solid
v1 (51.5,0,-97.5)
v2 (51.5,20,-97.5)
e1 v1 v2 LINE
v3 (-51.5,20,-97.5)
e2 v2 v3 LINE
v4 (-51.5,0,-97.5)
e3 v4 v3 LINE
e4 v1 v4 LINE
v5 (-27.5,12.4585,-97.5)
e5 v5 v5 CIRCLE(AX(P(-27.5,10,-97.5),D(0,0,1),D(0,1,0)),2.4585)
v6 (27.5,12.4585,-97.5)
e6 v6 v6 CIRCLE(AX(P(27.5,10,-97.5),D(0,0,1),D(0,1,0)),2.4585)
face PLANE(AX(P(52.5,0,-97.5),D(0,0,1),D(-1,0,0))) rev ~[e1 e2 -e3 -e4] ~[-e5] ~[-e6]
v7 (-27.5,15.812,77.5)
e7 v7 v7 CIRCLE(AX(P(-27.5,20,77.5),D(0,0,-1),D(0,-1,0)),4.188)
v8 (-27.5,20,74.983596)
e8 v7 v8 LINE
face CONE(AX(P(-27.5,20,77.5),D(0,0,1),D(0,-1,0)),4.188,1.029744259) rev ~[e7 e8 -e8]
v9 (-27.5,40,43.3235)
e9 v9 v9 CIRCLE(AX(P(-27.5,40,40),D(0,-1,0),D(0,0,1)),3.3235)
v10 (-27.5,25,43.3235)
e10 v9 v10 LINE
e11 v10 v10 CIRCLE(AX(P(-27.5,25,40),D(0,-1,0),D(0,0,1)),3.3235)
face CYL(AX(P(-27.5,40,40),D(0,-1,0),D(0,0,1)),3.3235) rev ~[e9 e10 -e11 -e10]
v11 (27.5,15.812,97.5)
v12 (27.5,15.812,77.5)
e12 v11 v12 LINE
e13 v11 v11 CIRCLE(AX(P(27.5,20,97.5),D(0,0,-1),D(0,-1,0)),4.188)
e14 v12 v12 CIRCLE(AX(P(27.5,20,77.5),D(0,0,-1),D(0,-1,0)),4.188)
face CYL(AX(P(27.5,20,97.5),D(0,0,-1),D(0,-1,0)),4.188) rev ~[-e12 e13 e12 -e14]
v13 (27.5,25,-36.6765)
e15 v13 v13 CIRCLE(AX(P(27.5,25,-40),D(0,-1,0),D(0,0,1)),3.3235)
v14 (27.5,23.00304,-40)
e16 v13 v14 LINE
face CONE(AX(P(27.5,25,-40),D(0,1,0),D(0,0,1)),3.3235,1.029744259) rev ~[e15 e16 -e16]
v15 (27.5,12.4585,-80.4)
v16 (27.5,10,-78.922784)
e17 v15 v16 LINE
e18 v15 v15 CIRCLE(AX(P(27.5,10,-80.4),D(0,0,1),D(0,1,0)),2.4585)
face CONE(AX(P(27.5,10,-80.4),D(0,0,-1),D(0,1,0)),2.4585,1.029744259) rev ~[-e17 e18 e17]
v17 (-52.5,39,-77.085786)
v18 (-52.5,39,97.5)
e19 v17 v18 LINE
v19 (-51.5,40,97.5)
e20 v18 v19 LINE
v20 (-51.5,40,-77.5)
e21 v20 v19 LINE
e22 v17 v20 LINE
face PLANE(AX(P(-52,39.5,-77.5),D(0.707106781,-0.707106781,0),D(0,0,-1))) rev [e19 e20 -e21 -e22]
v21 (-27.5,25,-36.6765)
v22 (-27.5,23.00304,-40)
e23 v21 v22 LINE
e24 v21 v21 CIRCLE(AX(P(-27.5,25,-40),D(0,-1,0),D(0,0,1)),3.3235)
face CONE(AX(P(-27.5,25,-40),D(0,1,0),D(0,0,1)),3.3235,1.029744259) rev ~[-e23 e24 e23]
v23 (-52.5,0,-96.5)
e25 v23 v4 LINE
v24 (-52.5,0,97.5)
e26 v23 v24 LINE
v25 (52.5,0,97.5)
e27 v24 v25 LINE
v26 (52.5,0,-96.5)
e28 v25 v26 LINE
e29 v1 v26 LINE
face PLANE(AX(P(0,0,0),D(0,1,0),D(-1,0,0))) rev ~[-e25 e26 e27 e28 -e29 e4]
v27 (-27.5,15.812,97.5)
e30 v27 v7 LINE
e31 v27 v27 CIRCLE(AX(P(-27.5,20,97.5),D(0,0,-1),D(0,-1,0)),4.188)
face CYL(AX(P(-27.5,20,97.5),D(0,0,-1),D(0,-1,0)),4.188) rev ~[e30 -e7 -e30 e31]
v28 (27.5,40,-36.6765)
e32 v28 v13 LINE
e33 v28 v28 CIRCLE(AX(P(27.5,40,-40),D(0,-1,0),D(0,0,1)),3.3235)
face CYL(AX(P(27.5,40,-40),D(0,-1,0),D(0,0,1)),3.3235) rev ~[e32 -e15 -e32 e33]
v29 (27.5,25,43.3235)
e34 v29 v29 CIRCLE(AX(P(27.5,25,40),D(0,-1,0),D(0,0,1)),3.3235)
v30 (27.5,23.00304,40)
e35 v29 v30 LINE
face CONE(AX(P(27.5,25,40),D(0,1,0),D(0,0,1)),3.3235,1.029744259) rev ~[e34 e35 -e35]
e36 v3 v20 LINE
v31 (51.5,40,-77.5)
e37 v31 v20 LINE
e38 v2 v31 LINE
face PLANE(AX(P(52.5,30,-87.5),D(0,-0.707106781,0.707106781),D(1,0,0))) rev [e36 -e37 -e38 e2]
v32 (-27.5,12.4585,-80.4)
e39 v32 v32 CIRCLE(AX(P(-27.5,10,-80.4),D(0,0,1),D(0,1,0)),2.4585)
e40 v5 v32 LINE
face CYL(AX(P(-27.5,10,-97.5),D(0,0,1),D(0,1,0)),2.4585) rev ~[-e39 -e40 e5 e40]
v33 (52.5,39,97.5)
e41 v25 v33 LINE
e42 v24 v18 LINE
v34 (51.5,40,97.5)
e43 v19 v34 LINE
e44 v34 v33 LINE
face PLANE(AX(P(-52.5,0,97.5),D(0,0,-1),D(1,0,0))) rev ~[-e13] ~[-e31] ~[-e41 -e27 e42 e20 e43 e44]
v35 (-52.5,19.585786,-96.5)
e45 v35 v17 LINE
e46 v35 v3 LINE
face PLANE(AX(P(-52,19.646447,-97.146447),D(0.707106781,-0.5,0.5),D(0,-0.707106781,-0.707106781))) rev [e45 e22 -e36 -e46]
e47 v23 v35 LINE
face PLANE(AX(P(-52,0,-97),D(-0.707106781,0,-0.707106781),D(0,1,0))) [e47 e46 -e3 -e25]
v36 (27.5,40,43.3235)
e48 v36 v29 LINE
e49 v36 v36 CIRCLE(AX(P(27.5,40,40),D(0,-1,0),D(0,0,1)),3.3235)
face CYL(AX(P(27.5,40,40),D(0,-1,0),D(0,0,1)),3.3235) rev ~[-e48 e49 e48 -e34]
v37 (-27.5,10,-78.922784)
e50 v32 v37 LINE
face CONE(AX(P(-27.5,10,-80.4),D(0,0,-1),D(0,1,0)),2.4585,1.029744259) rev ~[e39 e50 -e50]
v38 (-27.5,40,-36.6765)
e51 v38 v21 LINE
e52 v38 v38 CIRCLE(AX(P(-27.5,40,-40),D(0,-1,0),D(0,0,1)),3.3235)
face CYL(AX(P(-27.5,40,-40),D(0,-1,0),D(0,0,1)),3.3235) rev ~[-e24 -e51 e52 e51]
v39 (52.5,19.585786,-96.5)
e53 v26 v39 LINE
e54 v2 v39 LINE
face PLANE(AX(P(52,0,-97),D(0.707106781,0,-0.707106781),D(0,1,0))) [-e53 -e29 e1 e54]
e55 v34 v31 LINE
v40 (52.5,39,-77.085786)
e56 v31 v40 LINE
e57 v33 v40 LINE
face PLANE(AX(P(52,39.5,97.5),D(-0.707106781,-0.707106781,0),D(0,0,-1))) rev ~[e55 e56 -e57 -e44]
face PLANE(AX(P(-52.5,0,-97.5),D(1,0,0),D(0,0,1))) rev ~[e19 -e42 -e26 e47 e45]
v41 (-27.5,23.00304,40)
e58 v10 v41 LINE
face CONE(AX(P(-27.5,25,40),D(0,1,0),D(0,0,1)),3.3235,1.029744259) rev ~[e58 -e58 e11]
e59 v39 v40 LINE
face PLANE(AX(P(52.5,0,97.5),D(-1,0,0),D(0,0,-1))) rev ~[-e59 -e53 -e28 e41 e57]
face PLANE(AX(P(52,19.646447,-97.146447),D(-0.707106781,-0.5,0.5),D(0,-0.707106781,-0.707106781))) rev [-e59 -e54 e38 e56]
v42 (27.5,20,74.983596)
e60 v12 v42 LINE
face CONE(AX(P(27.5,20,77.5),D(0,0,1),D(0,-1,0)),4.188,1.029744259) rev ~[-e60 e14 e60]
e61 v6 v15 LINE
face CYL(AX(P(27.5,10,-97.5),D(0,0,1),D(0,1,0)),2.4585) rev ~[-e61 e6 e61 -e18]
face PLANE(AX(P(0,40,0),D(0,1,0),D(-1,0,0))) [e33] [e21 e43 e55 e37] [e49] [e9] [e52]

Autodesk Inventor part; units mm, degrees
ref_plane "YZ Plane" through (0, 0, 0) normal (1, 0, 0) x (0, 1, 0)
ref_plane "XZ Plane" through (0, 0, 0) normal (0, 1, 0) x (-1, 0, 0)
ref_plane "XY Plane" through (0, 0, 0) normal (0, 0, 1) x (1, 0, 0)
sketch "Sketch1" plane through (0, 0, 0) normal (0, 1, 0) x (-1, 0, 0)
  line L0 (52.5, 97.5) -> (-52.5, 97.5)
  line L1 (-52.5, 97.5) -> (-52.5, -97.5)
  line L2 (-52.5, -97.5) -> (52.5, -97.5)
  line L3 (52.5, -97.5) -> (52.5, 97.5)
  point P0 (0, 0)
  point P1 (0, -97.5)
  point P2 (-52.5, 0)
  dimension "d0" = 105
  dimension "d1" = 195
extrude "Extrusion1" add sketch "Sketch1" along normal blind 40
sketch "Sketch2" plane through (-52.5, 0, 97.5) normal (0, 0, 1) x (1, 0, 0)
  line L0 (0, 40) -> (105, 40)
  circle A0 centre (80, 20) radius 5
  circle A1 centre (25, 20) radius 5
  line L1 (105, 0) -> (105, 40) projected
  line L2 (0, 0) -> (105, 0) projected
  line L3 (52.5, 0) -> (52.5, -9.2371) construction
  point P0 (105, 20)
  dimension "d6" = 55
  dimension "d19" = 10
  dimension "d44" = 27.5
hole "Hole1" at (27.5, 20, 97.5) at (-27.5, 20, 97.5) direction (0, 0, -1) diameter 8.376 depth 20 tip angle 118 thread size "M10x1.5" class "6H" standard "ANSI Metric M Profile"
chamfer "Chamfer1" distance 20 angle 45 1 edges at (0, 40, -97.5)
sketch "Sketch3" plane through (52.5, 0, -97.5) normal (0, 0, -1) x (-1, 0, 0)
  line L0 (0, 20) -> (105, 20) projected
  line L1 (0, 0) -> (105, 0) projected
  circle A0 centre (25, 10) radius 4
  circle A1 centre (80, 10) radius 4
  point P0 (52.5, 0)
  dimension "d20" = 55
  dimension "d21" = 27.5
  dimension "d22" = 20
  dimension "d23" = 10
  dimension "d24" = 8
hole "Hole2" at (27.5, 10, -97.5) at (-27.5, 10, -97.5) direction (0, 0, 1) diameter 4.917 depth 17.1 tip angle 118 thread size "M6x1" class "6H" standard "ISO Metric profile"
sketch "Sketch4" plane through (0, 40, 0) normal (0, 1, 0) x (1, 0, 0)
  circle A0 centre (-27.5, 40) radius 4
  circle A1 centre (27.5, 40) radius 4
  circle A2 centre (-27.5, -40) radius 4
  circle A3 centre (27.5, -40) radius 4
  line L0 (-52.5, -97.5) -> (52.5, -97.5) projected
  point P0 (0, 0)
  dimension "d32" = 8
  dimension "d33" = 55
  dimension "d34" = 27.5
  dimension "d35" = 80
  dimension "d46" = 57.5
hole "Hole3" at (-27.5, 40, -40) at (27.5, 40, 40) at (-27.5, 40, 40) at (27.5, 40, -40) direction (0, -1, 0) diameter 6.647 depth 15 tip angle 118 thread size "M8x1.25" class "6H" standard "ISO Metric profile"
chamfer "Chamfer2" distance 1 angle 45 6 edges at (52.5, 40, 10) (-52.5, 40, 10) (-52.5, 30, -87.5) (52.5, 30, -87.5) (52.5, 10, -97.5) (-52.5, 10, -97.5)
equation "\"d44\" = 0.5 * d6"
equation "\"d21\" = 0.5 * d20"
equation "\"d23\" = 0.5 * d22"
equation "\"d34\" = 0.5 * d33"
properties part number "BC-10007" material "Aço Carbono AISI 1006"
